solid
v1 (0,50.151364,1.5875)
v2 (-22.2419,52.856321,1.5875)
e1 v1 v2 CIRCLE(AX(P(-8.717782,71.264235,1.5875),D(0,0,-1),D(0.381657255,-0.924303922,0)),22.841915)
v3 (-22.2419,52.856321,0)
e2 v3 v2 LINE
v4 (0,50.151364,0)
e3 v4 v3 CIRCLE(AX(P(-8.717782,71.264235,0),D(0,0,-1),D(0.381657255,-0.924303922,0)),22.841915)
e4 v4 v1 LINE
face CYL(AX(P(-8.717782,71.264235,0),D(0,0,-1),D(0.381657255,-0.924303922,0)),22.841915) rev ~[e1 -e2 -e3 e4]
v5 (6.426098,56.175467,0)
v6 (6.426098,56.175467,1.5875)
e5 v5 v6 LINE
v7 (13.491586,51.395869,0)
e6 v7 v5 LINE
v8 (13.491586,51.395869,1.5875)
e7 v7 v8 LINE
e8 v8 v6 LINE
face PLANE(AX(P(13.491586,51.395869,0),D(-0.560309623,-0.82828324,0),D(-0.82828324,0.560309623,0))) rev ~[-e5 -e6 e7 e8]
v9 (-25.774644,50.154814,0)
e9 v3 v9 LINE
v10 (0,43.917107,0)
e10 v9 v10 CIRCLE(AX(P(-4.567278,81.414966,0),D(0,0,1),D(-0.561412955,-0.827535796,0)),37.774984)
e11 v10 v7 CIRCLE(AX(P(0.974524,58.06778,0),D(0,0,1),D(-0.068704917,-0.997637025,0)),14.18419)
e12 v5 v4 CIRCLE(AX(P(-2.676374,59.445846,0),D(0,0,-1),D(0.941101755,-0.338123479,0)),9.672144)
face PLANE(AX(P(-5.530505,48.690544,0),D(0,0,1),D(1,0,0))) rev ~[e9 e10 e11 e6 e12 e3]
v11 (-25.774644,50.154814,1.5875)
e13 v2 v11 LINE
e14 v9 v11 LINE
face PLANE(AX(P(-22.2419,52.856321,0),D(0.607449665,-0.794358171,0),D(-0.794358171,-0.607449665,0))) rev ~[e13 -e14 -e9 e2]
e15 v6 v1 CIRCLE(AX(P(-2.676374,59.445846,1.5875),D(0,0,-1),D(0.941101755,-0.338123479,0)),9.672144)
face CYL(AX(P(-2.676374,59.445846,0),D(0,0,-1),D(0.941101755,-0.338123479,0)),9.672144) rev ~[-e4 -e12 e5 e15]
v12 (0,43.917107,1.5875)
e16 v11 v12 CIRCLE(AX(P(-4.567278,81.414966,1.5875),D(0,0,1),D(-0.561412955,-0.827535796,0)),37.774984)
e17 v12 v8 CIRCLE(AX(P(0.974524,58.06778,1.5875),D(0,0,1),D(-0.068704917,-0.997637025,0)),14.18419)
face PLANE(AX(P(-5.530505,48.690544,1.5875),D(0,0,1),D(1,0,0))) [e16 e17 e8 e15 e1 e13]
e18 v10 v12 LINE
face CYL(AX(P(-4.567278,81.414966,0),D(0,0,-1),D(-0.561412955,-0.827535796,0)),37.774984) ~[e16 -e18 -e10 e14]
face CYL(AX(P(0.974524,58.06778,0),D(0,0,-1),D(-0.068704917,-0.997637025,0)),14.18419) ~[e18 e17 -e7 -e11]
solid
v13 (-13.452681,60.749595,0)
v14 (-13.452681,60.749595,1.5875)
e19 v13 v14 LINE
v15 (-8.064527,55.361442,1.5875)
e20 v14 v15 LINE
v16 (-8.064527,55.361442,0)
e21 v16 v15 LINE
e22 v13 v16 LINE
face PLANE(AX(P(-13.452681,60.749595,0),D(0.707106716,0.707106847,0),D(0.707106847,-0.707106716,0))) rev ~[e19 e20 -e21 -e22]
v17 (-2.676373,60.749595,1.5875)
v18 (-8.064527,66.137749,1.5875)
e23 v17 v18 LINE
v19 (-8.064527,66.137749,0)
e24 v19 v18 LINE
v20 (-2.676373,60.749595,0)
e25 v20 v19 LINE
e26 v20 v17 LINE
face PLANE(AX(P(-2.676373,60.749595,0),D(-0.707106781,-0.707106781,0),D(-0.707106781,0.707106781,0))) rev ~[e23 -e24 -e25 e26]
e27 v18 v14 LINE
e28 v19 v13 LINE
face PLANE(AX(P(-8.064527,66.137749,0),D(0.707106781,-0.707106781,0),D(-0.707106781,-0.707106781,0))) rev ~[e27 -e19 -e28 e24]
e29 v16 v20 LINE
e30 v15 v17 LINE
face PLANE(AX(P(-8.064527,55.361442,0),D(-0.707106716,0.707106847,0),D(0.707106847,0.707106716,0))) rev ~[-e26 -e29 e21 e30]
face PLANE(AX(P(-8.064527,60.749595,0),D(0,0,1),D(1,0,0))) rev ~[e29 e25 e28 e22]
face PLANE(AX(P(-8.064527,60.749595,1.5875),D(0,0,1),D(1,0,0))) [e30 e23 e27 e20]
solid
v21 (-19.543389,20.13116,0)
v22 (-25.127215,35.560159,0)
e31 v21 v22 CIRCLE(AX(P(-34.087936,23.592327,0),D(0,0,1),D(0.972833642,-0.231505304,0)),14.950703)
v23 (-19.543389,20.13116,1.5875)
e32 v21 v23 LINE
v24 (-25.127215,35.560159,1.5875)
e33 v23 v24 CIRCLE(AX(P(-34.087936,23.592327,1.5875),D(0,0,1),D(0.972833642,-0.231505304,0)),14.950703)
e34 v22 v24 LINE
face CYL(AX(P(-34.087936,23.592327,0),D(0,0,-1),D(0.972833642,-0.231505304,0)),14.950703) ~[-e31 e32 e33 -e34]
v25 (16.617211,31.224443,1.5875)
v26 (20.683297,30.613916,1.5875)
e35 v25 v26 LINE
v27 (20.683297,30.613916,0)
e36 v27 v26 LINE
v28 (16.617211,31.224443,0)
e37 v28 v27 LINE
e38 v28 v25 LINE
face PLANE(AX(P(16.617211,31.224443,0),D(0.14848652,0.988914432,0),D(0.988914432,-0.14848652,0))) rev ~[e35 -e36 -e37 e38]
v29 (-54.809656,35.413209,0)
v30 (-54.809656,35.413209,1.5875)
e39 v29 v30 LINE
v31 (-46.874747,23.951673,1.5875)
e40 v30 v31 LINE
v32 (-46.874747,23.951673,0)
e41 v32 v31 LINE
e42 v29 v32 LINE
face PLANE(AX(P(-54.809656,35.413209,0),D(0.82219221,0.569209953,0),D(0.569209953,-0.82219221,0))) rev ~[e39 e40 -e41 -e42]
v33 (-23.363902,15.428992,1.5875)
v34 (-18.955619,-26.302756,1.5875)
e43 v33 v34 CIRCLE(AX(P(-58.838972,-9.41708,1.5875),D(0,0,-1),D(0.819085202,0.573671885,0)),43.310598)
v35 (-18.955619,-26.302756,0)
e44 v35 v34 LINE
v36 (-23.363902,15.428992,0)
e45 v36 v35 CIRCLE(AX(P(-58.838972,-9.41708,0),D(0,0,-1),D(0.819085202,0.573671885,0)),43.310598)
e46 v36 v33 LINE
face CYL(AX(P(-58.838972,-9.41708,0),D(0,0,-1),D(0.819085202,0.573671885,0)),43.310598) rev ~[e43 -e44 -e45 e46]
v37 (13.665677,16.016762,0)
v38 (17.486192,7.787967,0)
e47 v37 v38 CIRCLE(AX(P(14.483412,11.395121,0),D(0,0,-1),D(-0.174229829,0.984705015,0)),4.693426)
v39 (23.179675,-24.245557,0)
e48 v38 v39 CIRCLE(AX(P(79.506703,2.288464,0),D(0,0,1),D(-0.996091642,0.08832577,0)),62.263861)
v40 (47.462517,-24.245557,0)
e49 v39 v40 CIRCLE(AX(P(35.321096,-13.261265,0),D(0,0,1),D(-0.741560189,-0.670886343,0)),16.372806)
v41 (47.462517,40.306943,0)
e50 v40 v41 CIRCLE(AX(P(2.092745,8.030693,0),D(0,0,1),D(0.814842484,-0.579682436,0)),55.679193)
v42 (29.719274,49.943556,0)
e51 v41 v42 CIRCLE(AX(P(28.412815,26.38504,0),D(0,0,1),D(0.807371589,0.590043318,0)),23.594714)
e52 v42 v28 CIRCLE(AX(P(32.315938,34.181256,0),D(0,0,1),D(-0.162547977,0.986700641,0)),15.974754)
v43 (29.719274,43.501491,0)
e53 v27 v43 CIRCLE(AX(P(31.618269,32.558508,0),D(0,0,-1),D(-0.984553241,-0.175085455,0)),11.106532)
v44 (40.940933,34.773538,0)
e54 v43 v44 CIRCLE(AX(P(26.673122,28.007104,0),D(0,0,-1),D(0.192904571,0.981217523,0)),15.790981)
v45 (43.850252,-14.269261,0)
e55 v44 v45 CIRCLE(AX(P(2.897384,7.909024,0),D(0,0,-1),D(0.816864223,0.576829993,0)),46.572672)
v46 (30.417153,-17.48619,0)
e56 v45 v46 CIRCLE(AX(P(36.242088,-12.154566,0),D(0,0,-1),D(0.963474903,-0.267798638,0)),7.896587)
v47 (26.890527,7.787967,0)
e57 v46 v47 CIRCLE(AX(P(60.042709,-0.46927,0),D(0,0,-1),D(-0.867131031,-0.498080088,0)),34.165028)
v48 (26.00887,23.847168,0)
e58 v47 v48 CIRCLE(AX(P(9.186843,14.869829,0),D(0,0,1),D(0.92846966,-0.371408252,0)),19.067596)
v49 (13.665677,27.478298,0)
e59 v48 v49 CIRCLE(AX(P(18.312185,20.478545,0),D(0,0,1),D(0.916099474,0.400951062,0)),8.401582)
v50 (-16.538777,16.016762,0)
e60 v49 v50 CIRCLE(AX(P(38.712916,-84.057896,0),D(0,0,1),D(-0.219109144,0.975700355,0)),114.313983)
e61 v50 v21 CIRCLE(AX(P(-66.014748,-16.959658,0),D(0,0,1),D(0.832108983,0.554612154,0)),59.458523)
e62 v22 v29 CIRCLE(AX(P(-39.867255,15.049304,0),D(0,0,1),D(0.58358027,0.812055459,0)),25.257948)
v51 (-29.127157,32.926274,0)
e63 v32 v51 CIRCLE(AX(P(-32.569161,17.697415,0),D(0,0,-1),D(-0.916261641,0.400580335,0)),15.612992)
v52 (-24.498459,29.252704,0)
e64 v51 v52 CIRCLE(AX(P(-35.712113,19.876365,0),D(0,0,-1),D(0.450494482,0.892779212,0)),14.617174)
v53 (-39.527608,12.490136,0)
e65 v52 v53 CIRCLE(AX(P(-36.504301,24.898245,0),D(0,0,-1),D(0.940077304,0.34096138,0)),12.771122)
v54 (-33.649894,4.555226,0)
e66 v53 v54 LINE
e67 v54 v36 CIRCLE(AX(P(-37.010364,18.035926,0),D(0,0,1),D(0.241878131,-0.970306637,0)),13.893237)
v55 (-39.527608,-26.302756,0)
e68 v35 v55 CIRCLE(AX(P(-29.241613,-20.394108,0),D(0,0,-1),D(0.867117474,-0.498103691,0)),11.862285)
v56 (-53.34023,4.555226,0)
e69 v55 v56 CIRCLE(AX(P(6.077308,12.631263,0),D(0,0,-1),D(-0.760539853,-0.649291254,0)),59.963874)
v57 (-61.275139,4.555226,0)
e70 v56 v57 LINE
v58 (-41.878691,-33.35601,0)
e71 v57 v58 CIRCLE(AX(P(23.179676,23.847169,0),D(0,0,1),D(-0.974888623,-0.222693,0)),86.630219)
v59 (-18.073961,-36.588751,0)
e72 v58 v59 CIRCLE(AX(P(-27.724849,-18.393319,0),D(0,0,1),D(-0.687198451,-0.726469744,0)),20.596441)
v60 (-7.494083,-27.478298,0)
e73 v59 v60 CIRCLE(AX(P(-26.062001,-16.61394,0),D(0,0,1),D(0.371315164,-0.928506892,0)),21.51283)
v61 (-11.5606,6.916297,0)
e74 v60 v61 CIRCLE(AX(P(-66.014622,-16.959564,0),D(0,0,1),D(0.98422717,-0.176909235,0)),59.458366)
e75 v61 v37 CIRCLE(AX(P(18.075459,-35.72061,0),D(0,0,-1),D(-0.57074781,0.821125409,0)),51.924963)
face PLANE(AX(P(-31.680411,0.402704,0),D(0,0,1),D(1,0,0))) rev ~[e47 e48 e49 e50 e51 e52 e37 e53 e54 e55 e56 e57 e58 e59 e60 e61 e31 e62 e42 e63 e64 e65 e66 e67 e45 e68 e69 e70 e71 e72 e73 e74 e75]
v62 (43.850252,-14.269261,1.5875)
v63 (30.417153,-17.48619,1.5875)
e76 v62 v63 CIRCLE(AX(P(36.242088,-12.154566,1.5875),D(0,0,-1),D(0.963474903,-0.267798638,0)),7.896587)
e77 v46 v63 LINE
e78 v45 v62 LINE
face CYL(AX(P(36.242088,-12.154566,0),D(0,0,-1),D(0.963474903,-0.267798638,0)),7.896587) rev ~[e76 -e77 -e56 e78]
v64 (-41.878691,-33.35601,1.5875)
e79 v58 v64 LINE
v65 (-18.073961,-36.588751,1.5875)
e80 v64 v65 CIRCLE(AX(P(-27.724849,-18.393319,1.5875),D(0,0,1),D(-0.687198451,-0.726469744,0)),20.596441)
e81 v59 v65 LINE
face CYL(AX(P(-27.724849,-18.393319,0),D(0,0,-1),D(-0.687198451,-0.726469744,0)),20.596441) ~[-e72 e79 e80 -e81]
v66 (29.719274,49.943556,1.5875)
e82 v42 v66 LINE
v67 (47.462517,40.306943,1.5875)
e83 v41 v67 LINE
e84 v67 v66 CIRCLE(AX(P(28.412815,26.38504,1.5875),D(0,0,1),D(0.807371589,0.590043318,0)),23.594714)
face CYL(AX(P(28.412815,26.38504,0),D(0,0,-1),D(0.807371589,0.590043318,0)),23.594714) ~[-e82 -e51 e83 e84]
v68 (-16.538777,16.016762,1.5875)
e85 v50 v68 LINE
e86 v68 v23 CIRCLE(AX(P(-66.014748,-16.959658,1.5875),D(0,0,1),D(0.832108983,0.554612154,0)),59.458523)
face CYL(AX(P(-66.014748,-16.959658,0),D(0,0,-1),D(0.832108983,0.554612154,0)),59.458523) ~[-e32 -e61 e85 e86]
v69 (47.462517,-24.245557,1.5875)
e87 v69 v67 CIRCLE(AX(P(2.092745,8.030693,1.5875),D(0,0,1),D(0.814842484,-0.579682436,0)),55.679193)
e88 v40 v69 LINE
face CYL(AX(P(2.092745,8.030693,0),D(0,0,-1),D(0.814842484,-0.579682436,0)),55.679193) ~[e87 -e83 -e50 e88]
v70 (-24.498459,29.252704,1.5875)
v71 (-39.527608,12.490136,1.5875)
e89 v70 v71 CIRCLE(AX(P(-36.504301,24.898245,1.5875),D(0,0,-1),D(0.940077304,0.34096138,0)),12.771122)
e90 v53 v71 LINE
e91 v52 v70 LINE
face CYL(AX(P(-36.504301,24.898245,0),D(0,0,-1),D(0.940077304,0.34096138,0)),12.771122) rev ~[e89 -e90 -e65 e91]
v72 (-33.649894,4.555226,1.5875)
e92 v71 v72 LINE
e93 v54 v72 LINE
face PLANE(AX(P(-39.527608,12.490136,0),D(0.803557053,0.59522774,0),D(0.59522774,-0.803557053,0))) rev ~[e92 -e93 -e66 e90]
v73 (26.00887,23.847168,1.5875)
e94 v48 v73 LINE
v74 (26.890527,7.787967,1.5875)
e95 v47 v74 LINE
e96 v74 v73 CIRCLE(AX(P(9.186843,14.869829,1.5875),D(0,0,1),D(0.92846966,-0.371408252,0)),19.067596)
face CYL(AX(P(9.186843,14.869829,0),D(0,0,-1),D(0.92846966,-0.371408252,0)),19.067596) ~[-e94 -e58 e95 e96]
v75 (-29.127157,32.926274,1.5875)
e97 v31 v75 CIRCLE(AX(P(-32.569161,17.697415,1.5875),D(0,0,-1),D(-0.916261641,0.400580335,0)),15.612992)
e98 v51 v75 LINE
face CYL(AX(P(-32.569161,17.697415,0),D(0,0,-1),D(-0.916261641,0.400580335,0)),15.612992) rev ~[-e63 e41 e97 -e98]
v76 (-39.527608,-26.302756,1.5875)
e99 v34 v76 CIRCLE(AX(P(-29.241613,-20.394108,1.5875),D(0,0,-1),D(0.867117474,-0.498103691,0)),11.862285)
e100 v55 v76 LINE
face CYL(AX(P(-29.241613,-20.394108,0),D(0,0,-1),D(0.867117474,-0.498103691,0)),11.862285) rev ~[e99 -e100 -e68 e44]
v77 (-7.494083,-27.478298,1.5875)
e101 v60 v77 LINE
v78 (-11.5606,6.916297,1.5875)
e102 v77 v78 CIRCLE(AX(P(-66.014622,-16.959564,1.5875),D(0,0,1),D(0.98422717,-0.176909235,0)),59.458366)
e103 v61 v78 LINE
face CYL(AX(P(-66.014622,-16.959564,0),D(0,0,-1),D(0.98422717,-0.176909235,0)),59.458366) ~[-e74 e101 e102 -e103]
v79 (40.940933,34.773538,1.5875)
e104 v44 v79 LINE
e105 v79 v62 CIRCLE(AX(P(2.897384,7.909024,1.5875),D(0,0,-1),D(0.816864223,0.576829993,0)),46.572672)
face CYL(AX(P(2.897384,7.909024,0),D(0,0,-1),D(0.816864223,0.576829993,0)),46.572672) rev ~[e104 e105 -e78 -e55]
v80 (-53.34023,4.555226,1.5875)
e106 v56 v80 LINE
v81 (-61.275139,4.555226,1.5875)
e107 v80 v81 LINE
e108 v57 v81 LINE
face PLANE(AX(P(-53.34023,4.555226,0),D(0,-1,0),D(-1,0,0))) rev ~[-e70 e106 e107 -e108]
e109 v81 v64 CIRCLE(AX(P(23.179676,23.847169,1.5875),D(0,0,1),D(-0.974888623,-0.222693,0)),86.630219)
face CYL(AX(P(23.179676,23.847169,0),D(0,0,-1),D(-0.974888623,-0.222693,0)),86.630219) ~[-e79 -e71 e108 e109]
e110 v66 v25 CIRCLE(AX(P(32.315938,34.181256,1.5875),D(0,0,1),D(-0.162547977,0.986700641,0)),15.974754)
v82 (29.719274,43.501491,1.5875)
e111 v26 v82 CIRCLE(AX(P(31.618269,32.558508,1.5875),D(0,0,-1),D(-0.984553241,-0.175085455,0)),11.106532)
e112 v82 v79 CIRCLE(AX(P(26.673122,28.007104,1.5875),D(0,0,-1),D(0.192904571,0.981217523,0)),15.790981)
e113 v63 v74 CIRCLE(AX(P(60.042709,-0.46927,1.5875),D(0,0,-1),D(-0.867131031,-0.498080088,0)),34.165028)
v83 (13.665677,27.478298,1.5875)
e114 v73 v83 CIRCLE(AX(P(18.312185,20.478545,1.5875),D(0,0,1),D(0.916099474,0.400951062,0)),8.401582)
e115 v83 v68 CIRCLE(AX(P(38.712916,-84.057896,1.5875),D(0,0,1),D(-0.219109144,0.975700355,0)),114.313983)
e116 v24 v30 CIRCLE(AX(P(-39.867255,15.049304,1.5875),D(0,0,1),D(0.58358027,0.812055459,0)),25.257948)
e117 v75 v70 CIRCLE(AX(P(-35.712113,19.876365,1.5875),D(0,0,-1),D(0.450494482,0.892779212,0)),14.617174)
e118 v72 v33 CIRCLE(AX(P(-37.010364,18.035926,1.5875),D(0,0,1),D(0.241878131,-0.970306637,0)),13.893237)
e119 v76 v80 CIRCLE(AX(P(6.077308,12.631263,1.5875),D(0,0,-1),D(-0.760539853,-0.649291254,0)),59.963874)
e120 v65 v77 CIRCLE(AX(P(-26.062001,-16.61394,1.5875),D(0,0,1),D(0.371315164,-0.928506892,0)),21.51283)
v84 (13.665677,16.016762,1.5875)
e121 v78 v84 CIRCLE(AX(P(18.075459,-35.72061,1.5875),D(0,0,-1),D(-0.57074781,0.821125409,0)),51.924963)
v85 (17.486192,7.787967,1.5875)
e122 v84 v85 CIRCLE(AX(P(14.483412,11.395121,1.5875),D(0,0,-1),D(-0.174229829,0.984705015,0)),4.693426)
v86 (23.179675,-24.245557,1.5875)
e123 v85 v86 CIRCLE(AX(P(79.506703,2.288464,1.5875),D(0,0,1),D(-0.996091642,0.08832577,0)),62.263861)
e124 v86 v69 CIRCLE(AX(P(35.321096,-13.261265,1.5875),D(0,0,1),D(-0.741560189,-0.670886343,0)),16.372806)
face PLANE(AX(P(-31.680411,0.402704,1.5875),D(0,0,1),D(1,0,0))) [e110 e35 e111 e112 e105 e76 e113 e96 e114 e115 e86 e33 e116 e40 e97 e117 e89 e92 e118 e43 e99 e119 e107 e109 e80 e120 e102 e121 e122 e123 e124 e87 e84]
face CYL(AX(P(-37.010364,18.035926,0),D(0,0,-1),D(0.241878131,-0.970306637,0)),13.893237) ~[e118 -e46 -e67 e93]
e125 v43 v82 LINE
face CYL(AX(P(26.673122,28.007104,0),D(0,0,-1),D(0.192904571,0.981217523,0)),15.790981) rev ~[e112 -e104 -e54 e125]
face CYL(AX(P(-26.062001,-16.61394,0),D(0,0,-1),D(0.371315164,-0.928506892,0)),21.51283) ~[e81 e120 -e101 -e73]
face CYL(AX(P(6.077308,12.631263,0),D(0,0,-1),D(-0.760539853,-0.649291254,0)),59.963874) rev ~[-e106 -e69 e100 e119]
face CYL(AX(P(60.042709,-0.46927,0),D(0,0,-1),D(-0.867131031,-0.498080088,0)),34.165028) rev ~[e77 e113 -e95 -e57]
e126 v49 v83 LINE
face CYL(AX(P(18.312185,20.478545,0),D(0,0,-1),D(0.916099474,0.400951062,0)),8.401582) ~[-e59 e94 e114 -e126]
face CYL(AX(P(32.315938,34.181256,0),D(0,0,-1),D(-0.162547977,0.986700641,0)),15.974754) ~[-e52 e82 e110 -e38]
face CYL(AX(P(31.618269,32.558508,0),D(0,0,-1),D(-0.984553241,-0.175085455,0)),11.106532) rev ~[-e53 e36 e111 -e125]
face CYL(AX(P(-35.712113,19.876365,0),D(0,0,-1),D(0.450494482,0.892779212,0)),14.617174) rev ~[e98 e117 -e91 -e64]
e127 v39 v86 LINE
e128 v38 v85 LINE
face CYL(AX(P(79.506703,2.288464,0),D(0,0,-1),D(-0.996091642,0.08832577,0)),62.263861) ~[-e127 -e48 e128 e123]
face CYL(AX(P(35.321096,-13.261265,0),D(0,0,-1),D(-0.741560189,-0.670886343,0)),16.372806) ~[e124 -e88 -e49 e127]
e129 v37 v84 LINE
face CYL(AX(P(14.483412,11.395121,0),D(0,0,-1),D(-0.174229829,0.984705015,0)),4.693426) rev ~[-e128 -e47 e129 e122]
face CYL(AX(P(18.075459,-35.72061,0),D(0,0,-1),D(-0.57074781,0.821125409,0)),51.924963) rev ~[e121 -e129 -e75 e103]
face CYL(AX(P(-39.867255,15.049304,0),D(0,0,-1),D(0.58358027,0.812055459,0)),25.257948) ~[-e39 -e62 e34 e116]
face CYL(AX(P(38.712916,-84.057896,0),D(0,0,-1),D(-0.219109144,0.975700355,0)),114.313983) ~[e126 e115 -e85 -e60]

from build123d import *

# Parameters (mm, degrees)
F1_DEPTH = 1.5875


with BuildPart() as f1:
    # F0 (on Top) → F1 (new body)
    with BuildSketch(Plane.XY):
        with BuildLine():
            ThreePointArc((-25.127215, 35.560159), (-39.992299, 40.306943), (-54.809656, 35.413209))
            Line((-54.809656, 35.413209), (-46.874747, 23.951673))
            ThreePointArc((-46.874747, 23.951673), (-39.614743, 31.630301), (-29.127157, 32.926274))
            ThreePointArc((-29.127157, 32.926274), (-26.625232, 31.325835), (-24.498459, 29.252704))
            ThreePointArc((-24.498459, 29.252704), (-26.995494, 16.372745), (-39.527608, 12.490136))
            Line((-39.527608, 12.490136), (-33.649894, 4.555226))
            ThreePointArc((-33.649894, 4.555226), (-26.917365, 8.488497), (-23.363902, 15.428992))
            ThreePointArc((-23.363902, 15.428992), (-15.768011, -4.867331), (-18.955619, -26.302756))
            ThreePointArc((-18.955619, -26.302756), (-29.241613, -32.256393), (-39.527608, -26.302756))
            ThreePointArc((-39.527608, -26.302756), (-48.653695, -11.86738), (-53.34023, 4.555226))
            Line((-53.34023, 4.555226), (-61.275139, 4.555226))
            ThreePointArc((-61.275139, 4.555226), (-53.942716, -15.610802), (-41.878691, -33.35601))
            ThreePointArc((-41.878691, -33.35601), (-30.496456, -38.802424), (-18.073961, -36.588751))
            ThreePointArc((-18.073961, -36.588751), (-12.02438, -32.91569), (-7.494083, -27.478298))
            ThreePointArc((-7.494083, -27.478298), (-6.967523, -9.97835), (-11.5606, 6.916297))
            ThreePointArc((-11.5606, 6.916297), (-13.850852, 11.575298), (-16.538777, 16.016762))
            ThreePointArc((-16.538777, 16.016762), (-17.996995, 18.106157), (-19.543389, 20.13116))
            ThreePointArc((-19.543389, 20.13116), (-20.029561, 28.680118), (-25.127215, 35.560159))
        make_face()
        with BuildLine():
            ThreePointArc((13.665677, 27.478298), (-1.843481, 22.81991), (-16.538777, 16.016762))
            ThreePointArc((-16.538777, 16.016762), (-13.850852, 11.575298), (-11.5606, 6.916297))
            ThreePointArc((-11.5606, 6.916297), (0.45489, 13.123196), (13.665677, 16.016762))
            ThreePointArc((13.665677, 16.016762), (18.740391, 13.371578), (17.486192, 7.787967))
            ThreePointArc((17.486192, 7.787967), (18.20359, -8.607254), (23.179675, -24.245557))
            ThreePointArc((23.179675, -24.245557), (35.321096, -29.634071), (47.462517, -24.245557))
            ThreePointArc((47.462517, -24.245557), (57.771938, 8.030693), (47.462517, 40.306943))
            ThreePointArc((47.462517, 40.306943), (39.673783, 47.119097), (29.719274, 49.943556))
            ThreePointArc((29.719274, 49.943556), (19.228477, 43.341558), (16.617211, 31.224443))
            Line((16.617211, 31.224443), (20.683297, 30.613916))
            ThreePointArc((20.683297, 30.613916), (22.524311, 38.934634), (29.719274, 43.501491))
            ThreePointArc((29.719274, 43.501491), (36.367843, 40.471752), (40.940933, 34.773538))
            ThreePointArc((40.940933, 34.773538), (49.388324, 10.666962), (43.850252, -14.269261))
            ThreePointArc((43.850252, -14.269261), (38.081146, -19.834016), (30.417153, -17.48619))
            ThreePointArc((30.417153, -17.48619), (26.205498, -5.190741), (26.890527, 7.787967))
            ThreePointArc((26.890527, 7.787967), (28.225768, 15.915074), (26.00887, 23.847168))
            ThreePointArc((26.00887, 23.847168), (20.683297, 28.538595), (13.665677, 27.478298))
        make_face()
        with BuildLine():
            Line((-22.2419, 52.856321), (-25.774644, 50.154814))
            ThreePointArc((-25.774644, 50.154814), (-13.452681, 44.699859), (0, 43.917107))
            ThreePointArc((0, 43.917107), (7.851334, 45.662107), (13.491586, 51.395869))
            Line((13.491586, 51.395869), (6.426098, 56.175467))
            ThreePointArc((6.426098, 56.175467), (3.93859, 52.389457), (0, 50.151364))
            ThreePointArc((0, 50.151364), (-11.475392, 48.589389), (-22.2419, 52.856321))
        make_face()
        Polygon((-13.452681, 60.749595), (-8.064527, 55.361442), (-2.676373, 60.749595), (-8.064527, 66.137749), align=None)
    extrude(amount=F1_DEPTH)


solid = f1.part
